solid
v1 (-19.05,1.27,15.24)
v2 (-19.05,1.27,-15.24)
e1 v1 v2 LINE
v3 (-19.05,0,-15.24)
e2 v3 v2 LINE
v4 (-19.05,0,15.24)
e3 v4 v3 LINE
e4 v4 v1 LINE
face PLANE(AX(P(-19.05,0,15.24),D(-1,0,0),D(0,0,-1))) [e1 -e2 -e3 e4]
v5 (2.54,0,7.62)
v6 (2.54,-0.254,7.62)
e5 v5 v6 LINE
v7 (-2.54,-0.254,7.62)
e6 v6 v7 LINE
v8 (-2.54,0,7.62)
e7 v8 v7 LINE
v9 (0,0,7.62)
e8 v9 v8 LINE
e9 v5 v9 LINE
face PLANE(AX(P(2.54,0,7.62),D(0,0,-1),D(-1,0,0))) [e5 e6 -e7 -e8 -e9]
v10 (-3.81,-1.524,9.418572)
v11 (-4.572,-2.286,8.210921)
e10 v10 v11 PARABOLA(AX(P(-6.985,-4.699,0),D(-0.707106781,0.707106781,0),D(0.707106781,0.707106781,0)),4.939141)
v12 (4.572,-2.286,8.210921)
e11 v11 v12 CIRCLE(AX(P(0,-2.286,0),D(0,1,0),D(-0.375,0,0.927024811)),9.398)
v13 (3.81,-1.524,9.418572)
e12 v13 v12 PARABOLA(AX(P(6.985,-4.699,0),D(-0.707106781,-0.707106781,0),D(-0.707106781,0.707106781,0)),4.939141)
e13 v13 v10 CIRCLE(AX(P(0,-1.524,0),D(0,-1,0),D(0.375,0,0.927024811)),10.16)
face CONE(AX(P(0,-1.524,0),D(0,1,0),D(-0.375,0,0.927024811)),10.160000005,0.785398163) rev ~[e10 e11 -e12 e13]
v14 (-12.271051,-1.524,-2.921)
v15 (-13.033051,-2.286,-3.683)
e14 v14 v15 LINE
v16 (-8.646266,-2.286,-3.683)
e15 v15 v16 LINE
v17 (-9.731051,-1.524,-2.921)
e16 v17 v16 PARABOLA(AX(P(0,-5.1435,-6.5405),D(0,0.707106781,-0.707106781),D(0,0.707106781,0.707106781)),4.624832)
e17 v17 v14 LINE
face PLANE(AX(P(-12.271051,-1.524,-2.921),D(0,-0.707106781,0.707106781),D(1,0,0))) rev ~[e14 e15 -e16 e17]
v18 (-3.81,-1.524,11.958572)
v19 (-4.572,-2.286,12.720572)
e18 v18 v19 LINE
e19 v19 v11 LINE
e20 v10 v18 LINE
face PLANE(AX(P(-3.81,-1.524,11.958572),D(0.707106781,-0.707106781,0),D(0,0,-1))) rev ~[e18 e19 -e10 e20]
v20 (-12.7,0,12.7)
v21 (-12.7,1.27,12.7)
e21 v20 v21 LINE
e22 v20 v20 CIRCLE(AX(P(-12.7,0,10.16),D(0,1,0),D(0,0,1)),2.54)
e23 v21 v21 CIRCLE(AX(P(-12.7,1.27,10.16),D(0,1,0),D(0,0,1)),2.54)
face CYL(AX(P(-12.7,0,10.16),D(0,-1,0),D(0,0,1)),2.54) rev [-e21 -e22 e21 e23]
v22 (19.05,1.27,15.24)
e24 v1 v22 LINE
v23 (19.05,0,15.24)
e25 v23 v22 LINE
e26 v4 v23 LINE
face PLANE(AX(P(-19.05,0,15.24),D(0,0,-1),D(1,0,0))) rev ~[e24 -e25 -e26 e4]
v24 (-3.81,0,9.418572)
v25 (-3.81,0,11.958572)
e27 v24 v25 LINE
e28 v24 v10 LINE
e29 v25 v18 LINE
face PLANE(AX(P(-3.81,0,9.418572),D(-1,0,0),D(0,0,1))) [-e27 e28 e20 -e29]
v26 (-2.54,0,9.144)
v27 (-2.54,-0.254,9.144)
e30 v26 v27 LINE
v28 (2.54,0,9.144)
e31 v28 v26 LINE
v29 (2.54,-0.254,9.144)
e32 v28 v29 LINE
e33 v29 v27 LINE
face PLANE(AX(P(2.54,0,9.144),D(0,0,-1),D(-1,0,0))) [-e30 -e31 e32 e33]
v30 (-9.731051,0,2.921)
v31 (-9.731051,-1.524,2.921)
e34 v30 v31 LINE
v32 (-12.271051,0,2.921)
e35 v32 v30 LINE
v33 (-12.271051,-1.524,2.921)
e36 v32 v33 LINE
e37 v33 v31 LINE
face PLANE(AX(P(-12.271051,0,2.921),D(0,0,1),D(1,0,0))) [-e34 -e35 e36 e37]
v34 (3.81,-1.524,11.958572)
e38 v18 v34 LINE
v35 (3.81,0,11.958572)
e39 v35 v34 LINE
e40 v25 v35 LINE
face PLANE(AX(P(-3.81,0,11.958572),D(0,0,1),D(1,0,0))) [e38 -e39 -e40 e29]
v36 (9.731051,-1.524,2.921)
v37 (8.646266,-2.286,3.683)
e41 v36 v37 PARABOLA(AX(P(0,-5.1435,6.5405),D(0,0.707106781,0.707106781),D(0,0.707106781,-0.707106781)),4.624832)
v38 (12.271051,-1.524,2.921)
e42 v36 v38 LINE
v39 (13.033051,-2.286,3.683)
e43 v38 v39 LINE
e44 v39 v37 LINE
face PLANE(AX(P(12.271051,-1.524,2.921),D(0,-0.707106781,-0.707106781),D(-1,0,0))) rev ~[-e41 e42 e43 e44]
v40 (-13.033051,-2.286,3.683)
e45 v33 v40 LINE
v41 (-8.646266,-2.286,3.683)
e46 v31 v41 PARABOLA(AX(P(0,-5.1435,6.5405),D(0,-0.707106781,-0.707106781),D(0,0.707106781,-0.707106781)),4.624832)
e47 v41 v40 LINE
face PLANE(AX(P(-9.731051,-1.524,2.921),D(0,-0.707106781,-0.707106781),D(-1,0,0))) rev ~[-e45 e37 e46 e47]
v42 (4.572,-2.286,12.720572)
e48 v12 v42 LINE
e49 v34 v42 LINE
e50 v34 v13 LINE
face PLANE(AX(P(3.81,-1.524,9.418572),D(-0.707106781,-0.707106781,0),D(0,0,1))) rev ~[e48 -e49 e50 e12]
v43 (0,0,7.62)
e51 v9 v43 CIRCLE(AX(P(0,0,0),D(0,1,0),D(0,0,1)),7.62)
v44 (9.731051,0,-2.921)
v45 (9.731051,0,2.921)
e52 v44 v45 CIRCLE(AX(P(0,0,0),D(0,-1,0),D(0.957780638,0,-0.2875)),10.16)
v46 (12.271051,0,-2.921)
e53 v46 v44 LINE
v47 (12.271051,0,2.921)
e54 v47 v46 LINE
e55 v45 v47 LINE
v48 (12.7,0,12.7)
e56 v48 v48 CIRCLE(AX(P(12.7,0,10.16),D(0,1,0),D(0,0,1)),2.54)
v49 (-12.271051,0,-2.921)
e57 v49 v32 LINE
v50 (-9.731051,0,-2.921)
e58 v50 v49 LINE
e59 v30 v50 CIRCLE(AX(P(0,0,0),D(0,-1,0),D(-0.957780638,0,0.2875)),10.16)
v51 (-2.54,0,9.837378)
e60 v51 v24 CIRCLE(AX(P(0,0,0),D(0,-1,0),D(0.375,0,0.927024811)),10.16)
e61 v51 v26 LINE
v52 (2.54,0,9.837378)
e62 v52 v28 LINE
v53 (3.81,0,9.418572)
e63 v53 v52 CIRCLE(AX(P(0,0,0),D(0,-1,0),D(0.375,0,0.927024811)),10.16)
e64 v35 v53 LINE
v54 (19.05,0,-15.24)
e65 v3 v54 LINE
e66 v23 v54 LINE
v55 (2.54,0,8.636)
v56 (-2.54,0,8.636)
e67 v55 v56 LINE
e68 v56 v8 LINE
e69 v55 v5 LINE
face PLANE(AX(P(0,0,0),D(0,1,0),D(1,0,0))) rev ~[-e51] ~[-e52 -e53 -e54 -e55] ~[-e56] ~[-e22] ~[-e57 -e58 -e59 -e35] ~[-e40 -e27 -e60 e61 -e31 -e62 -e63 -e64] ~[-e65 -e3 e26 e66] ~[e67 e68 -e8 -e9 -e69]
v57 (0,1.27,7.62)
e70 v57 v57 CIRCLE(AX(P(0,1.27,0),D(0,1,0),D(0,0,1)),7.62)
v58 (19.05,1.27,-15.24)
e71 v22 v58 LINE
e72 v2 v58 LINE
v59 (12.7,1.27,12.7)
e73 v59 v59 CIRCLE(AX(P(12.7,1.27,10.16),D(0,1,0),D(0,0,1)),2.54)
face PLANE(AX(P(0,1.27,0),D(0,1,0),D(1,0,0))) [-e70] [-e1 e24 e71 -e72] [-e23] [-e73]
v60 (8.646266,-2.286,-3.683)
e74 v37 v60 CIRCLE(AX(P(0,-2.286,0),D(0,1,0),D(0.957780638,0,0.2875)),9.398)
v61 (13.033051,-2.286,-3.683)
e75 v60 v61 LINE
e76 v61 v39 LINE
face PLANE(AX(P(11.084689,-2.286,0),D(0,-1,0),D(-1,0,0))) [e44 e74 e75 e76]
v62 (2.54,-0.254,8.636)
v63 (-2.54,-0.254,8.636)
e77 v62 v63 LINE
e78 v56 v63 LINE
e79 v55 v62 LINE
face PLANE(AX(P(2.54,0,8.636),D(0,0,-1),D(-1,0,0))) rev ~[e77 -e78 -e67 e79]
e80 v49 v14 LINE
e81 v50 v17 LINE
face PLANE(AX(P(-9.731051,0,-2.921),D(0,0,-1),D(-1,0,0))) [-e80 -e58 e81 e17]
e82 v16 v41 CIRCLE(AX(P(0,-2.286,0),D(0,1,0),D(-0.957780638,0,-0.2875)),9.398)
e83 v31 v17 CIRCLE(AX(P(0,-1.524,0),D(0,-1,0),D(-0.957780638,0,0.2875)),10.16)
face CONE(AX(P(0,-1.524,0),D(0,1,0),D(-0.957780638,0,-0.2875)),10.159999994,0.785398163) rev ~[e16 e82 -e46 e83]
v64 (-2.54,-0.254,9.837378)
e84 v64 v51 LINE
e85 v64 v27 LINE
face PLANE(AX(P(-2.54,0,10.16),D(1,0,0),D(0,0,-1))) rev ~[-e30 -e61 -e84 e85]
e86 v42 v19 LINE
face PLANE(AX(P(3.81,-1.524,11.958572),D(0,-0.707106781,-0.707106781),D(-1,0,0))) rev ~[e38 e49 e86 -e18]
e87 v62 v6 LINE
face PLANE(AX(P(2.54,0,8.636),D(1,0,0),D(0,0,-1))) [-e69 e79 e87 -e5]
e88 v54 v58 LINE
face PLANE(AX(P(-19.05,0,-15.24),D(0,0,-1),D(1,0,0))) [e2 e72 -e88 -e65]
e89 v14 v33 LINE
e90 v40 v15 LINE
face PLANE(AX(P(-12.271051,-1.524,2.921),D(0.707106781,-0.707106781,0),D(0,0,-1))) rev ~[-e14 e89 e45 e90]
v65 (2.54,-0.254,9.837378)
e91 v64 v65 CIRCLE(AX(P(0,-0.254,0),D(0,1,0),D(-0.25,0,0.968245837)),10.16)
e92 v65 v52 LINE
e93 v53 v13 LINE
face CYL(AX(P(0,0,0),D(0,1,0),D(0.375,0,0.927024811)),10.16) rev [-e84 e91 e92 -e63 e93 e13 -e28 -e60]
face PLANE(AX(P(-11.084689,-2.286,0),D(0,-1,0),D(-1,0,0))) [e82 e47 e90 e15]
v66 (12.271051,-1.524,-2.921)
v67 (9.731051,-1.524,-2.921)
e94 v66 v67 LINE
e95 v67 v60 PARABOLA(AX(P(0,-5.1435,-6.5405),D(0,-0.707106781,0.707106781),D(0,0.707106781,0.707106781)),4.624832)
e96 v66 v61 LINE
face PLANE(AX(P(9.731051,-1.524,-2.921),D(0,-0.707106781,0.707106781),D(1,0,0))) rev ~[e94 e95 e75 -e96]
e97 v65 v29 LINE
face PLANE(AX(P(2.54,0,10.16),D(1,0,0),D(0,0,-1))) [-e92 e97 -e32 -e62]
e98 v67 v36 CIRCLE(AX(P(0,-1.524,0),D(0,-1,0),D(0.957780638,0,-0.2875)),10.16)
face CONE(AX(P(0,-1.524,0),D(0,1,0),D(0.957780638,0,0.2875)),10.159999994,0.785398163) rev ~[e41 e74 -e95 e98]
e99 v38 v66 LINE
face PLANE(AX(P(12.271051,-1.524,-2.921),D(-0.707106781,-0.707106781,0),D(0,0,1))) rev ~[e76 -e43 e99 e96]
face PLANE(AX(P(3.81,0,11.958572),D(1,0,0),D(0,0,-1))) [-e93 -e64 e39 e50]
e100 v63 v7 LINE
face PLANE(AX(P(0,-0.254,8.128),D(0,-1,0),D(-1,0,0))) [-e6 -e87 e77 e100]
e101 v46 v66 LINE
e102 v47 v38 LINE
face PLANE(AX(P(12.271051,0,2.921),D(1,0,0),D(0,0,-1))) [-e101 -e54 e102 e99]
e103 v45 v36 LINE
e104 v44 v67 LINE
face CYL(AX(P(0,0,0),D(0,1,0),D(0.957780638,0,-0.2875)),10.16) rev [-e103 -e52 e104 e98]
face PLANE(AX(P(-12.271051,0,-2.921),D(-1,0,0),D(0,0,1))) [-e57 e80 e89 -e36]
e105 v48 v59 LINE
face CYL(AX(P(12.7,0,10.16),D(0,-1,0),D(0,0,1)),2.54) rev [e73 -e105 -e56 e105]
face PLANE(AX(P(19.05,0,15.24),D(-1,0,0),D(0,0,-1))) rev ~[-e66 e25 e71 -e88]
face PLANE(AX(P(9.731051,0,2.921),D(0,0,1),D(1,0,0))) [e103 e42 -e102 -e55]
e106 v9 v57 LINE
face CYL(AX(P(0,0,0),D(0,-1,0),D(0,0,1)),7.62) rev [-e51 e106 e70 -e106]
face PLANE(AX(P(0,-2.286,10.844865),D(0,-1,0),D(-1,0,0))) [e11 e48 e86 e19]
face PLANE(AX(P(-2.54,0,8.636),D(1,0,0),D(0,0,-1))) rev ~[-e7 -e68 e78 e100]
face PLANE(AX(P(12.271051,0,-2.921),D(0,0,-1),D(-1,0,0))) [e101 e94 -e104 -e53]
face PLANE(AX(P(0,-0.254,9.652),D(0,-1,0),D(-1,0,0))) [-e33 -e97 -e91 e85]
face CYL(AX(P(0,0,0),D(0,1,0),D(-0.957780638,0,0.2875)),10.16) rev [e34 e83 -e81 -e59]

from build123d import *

# Parameters (mm, degrees)
SKETCH1_W                     = 38.1
SKETCH1_H                     = 30.48
SKETCH1_R                     = 7.62
SKETCH1_R_2                   = 2.54
BOSS_EXTRUDE1_DEPTH           = 1.27
BOSS_EXTRUDE2_DEPTH           = 1.524
BOSS_EXTRUDE3_DEPTH           = 0.762
BOSS_EXTRUDE3_DRAFT           = -45
BOSS_EXTRUDE3_PROFILE_2_DEPTH = 0.762
BOSS_EXTRUDE3_PROFILE_2_DRAFT = -45
BOSS_EXTRUDE3_PROFILE_3_DEPTH = 0.762
BOSS_EXTRUDE3_PROFILE_3_DRAFT = -45
SKETCH6_W                     = 5.08
SKETCH6_H                     = 1.016
BOSS_EXTRUDE4_DEPTH           = 0.254


with BuildPart() as part:
    # Sketch1 → Boss-Extrude1 (new body)
    with BuildSketch(Plane(origin=(0, 0, 0), x_dir=(1, 0, 0), z_dir=(0, 1, 0))):
        Rectangle(SKETCH1_W, SKETCH1_H)
        with Locations(Location((0, 0, 0), (0, 0, 270))):
            Circle(SKETCH1_R, mode=Mode.SUBTRACT)
        with Locations(Location((12.7, -10.16, 0), (0, 0, 270))):
            Circle(SKETCH1_R_2, mode=Mode.SUBTRACT)
        with Locations(Location((-12.7, -10.16, 0), (0, 0, 270))):
            Circle(SKETCH1_R_2, mode=Mode.SUBTRACT)
    extrude(amount=BOSS_EXTRUDE1_DEPTH)

    # Sketch2 → Boss-Extrude2 (add)
    with BuildSketch(Plane(origin=(0, 0, 0), x_dir=(-1, 0, 0), z_dir=(0, -1, 0))):
        with BuildLine():
            ThreePointArc((-9.731051279, 2.921), (-10.16, 0), (-9.731051279, -2.921))
            Line((-9.731051279, -2.921), (-12.271051279, -2.921))
            Line((-12.271051279, -2.921), (-12.271051279, 2.921))
            Line((-12.271051279, 2.921), (-9.731051279, 2.921))
        make_face()
        with BuildLine():
            ThreePointArc((-3.81, -9.418572079), (0, -10.16), (3.81, -9.418572079))
            Line((3.81, -9.418572079), (3.81, -11.958572079))
            Line((3.81, -11.958572079), (-3.81, -11.958572079))
            Line((-3.81, -11.958572079), (-3.81, -9.418572079))
        make_face()
        with BuildLine():
            ThreePointArc((9.731051279, -2.921), (10.16, 0), (9.731051279, 2.921))
            Line((9.731051279, 2.921), (12.271051279, 2.921))
            Line((12.271051279, 2.921), (12.271051279, -2.921))
            Line((12.271051279, -2.921), (9.731051279, -2.921))
        make_face()
    extrude(amount=BOSS_EXTRUDE2_DEPTH)


with BuildPart() as boss_extrude3_tool:
    # Sketch4 → Boss-Extrude3 (with draft: the straight prism first)
    with BuildSketch(Plane(origin=(0, -1.524, 0), x_dir=(-1, 0, 0), z_dir=(0, -1, 0))):
        with BuildLine():
            ThreePointArc((3.81, -9.418572079), (0, -10.16), (-3.81, -9.418572079))
            Line((-3.81, -9.418572079), (-3.81, -11.958572079))
            Line((-3.81, -11.958572079), (3.81, -11.958572079))
            Line((3.81, -11.958572079), (3.81, -9.418572079))
        make_face()
    extrude(amount=BOSS_EXTRUDE3_DEPTH)
    # Boss-Extrude3: the draft: its side faces are tilted about the plane it starts from
    boss_extrude3_sides = [boss_extrude3_tool.faces().sort_by_distance(p)[0] for p in [
        (3.81, -1.905, 10.688572079),
        (0, -1.905, 11.958572079),
        (-3.81, -1.905, 10.688572079),
        (0, -1.905, 10.16),
    ]]
    draft(boss_extrude3_sides, Plane(origin=(0, -1.524, 0), x_dir=(-1, 0, 0), z_dir=(0, -1, 0)), BOSS_EXTRUDE3_DRAFT)


with BuildPart() as part_1:
    add(part.part)

    # Boss-Extrude3: add boss_extrude3_tool
    add(boss_extrude3_tool.part)


with BuildPart() as boss_extrude3_profile_2_tool:
    # Sketch4 → Boss-Extrude3 profile 2 (with draft: the straight prism first)
    with BuildSketch(Plane(origin=(0, -1.524, 0), x_dir=(-1, 0, 0), z_dir=(0, -1, 0))):
        with BuildLine():
            Line((12.271051279, 2.921), (9.731051279, 2.921))
            ThreePointArc((9.731051279, 2.921), (10.16, 0), (9.731051279, -2.921))
            Line((9.731051279, -2.921), (12.271051279, -2.921))
            Line((12.271051279, -2.921), (12.271051279, 2.921))
        make_face()
    extrude(amount=BOSS_EXTRUDE3_PROFILE_2_DEPTH)
    # Boss-Extrude3 profile 2: the draft: its side faces are tilted about the plane it starts from
    boss_extrude3_profile_2_sides = [boss_extrude3_profile_2_tool.faces().sort_by_distance(p)[0] for p in [
        (-11.001051279, -1.905, -2.921),
        (-10.16, -1.905, 0),
        (-11.001051279, -1.905, 2.921),
        (-12.271051279, -1.905, 0),
    ]]
    draft(boss_extrude3_profile_2_sides, Plane(origin=(0, -1.524, 0), x_dir=(-1, 0, 0), z_dir=(0, -1, 0)), BOSS_EXTRUDE3_PROFILE_2_DRAFT)


with BuildPart() as part_2:
    add(part_1.part)

    # Boss-Extrude3 profile 2: add boss_extrude3_profile_2_tool
    add(boss_extrude3_profile_2_tool.part)


with BuildPart() as boss_extrude3_profile_3_tool:
    # Sketch4 → Boss-Extrude3 profile 3 (with draft: the straight prism first)
    with BuildSketch(Plane(origin=(0, -1.524, 0), x_dir=(-1, 0, 0), z_dir=(0, -1, 0))):
        with BuildLine():
            Line((-9.731051279, 2.921), (-12.271051279, 2.921))
            Line((-12.271051279, 2.921), (-12.271051279, -2.921))
            Line((-12.271051279, -2.921), (-9.731051279, -2.921))
            ThreePointArc((-9.731051279, -2.921), (-10.16, 0), (-9.731051279, 2.921))
        make_face()
    extrude(amount=BOSS_EXTRUDE3_PROFILE_3_DEPTH)
    # Boss-Extrude3 profile 3: the draft: its side faces are tilted about the plane it starts from
    boss_extrude3_profile_3_sides = [boss_extrude3_profile_3_tool.faces().sort_by_distance(p)[0] for p in [
        (11.001051279, -1.905, -2.921),
        (12.271051279, -1.905, 0),
        (11.001051279, -1.905, 2.921),
        (10.16, -1.905, 0),
    ]]
    draft(boss_extrude3_profile_3_sides, Plane(origin=(0, -1.524, 0), x_dir=(-1, 0, 0), z_dir=(0, -1, 0)), BOSS_EXTRUDE3_PROFILE_3_DRAFT)


with BuildPart() as part_3:
    add(part_2.part)

    # Boss-Extrude3 profile 3: add boss_extrude3_profile_3_tool
    add(boss_extrude3_profile_3_tool.part)

    # Sketch6 → Boss-Extrude4 (add)
    with BuildSketch(Plane(origin=(0, 0, 0), x_dir=(-1, 0, 0), z_dir=(0, -1, 0))):
        with Locations((0, -8.128)):
            Rectangle(SKETCH6_W, SKETCH6_H)
        with Locations((0, -9.652)):
            Rectangle(SKETCH6_W, SKETCH6_H)
    extrude(amount=BOSS_EXTRUDE4_DEPTH)


solid = part_3.part
